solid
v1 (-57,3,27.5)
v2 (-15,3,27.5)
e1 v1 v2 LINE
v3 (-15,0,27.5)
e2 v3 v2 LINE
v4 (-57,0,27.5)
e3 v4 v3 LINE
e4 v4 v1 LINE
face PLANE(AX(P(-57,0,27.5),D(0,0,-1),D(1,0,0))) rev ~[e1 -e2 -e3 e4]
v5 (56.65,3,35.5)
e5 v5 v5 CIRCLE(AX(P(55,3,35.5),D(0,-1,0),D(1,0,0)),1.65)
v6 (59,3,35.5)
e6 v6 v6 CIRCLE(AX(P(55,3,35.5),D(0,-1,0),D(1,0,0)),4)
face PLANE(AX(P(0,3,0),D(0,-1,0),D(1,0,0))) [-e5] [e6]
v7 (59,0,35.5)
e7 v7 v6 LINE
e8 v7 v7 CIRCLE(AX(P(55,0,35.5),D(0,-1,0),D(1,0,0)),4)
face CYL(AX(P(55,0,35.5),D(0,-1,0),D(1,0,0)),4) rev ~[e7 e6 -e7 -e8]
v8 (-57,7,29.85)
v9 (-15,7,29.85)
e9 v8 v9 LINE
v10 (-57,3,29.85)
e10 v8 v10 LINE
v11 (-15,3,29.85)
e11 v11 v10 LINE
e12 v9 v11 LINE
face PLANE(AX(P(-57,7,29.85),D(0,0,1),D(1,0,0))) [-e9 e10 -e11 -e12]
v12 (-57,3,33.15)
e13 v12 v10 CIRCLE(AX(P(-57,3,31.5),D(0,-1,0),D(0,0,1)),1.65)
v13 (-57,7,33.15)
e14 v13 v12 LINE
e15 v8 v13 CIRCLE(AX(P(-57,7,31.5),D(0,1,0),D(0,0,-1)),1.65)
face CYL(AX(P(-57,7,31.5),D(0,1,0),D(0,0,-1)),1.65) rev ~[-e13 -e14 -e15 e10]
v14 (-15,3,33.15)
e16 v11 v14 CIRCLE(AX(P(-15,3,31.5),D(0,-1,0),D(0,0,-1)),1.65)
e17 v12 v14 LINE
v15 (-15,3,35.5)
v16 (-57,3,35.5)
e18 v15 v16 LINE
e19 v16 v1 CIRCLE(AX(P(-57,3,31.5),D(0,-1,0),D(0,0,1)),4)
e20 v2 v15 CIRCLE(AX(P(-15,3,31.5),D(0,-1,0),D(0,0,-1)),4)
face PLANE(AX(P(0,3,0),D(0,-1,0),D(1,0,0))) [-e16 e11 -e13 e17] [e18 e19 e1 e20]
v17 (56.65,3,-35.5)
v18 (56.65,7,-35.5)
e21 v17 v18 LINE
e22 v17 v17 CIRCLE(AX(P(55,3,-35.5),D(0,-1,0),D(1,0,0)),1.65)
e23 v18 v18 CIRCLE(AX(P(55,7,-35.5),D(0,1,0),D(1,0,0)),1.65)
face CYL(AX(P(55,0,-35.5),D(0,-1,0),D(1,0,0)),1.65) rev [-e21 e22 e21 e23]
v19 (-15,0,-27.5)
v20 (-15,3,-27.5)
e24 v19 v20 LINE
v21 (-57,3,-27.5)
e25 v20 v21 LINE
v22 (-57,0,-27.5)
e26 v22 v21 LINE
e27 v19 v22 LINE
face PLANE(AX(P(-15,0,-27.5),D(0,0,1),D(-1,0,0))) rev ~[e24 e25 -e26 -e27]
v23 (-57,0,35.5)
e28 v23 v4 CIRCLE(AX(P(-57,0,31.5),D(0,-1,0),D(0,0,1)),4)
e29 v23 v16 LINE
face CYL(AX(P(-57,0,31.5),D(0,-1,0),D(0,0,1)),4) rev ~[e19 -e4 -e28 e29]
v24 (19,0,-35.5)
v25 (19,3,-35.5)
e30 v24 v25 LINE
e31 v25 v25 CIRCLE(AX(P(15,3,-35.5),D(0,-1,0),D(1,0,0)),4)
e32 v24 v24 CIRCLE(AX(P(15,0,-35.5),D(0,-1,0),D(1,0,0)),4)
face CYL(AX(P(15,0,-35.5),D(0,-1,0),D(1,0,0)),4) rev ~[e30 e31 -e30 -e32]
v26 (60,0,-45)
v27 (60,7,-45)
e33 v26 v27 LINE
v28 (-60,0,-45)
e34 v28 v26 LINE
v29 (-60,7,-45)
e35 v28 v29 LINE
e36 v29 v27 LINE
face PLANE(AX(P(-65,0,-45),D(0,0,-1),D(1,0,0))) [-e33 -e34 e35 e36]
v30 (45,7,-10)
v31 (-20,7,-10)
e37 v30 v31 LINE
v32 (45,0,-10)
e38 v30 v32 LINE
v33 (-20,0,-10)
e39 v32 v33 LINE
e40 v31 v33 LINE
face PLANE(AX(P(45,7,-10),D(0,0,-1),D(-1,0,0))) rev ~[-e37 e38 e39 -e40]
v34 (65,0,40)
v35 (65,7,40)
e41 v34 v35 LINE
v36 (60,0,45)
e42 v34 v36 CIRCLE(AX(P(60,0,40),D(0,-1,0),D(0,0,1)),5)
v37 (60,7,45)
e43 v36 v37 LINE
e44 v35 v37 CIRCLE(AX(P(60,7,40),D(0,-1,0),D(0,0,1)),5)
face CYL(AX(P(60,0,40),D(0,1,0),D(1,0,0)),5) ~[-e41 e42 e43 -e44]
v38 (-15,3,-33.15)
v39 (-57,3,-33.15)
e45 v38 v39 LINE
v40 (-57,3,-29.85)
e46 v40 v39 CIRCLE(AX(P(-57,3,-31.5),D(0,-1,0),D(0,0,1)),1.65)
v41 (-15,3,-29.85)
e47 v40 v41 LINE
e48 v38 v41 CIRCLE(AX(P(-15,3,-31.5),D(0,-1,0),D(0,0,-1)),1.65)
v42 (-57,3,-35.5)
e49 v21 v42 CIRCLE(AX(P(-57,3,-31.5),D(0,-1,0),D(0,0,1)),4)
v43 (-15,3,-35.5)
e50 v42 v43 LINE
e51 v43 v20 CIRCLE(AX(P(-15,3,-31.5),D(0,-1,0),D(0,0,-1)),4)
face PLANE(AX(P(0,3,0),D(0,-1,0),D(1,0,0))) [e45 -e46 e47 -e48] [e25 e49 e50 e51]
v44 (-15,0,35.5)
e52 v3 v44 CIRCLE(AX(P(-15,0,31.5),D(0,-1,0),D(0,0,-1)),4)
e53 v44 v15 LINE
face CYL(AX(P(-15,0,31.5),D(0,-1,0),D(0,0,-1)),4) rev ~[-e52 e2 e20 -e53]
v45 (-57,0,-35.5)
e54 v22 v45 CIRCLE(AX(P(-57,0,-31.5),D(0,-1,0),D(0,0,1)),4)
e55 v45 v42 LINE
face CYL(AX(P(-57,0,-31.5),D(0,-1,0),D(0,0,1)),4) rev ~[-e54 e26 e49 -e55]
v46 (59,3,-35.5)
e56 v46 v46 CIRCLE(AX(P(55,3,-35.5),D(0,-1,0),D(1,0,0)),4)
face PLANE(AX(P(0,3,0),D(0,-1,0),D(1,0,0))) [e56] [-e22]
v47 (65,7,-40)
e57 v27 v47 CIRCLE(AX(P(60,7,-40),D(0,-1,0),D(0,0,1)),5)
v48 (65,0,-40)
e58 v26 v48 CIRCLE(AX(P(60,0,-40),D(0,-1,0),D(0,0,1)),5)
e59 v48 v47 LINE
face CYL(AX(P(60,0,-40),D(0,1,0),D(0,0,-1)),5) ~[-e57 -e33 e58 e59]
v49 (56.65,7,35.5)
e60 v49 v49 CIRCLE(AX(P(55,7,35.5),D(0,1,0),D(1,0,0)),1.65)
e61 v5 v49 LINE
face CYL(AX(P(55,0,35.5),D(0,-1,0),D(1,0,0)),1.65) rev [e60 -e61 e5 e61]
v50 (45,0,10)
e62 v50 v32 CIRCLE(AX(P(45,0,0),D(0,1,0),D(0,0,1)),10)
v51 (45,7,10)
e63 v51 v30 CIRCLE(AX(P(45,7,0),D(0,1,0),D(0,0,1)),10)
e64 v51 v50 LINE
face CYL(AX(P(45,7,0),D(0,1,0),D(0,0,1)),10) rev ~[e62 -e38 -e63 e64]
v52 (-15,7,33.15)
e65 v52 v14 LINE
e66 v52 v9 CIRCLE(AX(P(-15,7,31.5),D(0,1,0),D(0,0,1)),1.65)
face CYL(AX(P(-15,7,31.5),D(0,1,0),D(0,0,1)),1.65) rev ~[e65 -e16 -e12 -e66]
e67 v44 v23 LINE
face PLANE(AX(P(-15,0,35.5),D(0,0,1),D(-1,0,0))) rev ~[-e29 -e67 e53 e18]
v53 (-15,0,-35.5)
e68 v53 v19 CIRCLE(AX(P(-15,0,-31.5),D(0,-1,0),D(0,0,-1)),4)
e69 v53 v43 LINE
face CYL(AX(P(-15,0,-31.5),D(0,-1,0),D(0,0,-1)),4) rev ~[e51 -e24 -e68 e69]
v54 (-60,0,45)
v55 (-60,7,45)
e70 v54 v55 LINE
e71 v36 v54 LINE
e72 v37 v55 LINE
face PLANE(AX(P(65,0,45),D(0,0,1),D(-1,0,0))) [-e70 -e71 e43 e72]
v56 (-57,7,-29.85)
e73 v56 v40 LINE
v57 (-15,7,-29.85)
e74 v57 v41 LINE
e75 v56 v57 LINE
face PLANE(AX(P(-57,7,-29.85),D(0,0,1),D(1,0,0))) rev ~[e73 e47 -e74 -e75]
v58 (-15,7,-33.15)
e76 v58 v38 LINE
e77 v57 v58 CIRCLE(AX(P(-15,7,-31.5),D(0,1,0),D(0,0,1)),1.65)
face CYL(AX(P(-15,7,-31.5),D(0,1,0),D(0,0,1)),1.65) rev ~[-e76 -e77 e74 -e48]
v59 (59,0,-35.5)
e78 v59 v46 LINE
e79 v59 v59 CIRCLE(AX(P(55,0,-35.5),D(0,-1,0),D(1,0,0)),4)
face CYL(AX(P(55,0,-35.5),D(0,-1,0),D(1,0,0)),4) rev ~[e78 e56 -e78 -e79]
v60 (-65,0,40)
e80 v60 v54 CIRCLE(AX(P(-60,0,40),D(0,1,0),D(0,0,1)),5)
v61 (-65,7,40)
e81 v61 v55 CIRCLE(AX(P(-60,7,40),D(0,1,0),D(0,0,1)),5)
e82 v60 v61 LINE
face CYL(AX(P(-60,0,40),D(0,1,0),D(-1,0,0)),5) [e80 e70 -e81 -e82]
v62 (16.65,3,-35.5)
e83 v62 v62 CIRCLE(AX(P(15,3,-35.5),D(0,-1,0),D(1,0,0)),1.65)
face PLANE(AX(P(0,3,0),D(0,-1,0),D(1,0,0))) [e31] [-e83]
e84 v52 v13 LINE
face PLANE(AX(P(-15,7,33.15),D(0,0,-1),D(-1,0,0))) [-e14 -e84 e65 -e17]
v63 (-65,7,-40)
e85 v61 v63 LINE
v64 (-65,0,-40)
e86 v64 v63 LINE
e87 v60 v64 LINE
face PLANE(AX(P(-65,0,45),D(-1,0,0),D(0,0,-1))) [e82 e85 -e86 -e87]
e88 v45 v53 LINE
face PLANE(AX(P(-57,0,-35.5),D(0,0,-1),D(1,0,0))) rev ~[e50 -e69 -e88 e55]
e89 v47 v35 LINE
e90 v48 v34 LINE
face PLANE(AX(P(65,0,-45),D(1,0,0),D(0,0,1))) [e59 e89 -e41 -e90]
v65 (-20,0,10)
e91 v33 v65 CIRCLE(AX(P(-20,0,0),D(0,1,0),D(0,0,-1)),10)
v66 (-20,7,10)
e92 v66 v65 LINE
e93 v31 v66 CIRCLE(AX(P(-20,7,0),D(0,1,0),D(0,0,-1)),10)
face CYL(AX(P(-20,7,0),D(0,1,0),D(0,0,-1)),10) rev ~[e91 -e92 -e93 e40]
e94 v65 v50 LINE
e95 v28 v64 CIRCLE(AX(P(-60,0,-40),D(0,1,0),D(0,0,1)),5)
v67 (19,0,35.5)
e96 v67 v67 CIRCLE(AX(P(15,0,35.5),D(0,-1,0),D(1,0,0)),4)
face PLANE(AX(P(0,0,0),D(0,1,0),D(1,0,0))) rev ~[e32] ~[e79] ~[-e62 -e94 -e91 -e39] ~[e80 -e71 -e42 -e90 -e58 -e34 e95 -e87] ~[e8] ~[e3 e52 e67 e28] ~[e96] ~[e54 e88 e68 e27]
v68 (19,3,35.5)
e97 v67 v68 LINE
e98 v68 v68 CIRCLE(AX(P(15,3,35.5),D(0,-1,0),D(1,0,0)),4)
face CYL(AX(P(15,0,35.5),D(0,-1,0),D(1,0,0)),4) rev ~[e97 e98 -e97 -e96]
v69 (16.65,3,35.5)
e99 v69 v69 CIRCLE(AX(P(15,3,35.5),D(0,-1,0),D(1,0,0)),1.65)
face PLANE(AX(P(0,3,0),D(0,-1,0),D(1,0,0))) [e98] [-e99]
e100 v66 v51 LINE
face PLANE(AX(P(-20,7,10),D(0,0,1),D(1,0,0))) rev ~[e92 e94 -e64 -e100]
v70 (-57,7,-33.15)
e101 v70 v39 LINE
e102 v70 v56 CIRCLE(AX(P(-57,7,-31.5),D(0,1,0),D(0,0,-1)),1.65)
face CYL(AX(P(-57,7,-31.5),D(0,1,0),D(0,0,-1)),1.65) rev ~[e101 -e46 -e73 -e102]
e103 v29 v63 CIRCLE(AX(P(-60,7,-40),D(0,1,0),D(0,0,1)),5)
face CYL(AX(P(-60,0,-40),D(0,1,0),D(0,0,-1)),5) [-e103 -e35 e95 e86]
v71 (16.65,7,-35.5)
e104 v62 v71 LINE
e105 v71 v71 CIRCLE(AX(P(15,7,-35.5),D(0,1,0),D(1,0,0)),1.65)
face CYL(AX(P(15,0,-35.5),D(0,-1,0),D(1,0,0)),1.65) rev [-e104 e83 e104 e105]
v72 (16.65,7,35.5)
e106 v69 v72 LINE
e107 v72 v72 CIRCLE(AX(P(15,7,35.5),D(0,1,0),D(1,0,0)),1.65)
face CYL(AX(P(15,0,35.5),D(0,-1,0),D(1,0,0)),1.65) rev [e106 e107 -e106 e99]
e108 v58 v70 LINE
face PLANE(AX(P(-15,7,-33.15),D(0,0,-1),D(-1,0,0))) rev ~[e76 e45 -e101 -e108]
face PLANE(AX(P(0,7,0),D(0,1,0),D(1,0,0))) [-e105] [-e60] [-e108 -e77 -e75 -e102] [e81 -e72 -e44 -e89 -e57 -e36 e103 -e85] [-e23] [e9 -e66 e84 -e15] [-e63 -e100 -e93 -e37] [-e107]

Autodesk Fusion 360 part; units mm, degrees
sketch "Sketch1" plane through (0, 0, 0) normal (0, 1, 0) x (1, 0, 0)
  line L0 (-65, 45) -> (65, 45)
  line L1 (65, 45) -> (65, -45)
  line L2 (65, -45) -> (-65, -45)
  line L3 (-65, -45) -> (-65, 45)
  circle A0 centre (55, 35.5) radius 1.65
  circle A1 centre (15, 35.5) radius 1.65
  circle A2 centre (55, -35.5) radius 1.65
  circle A3 centre (15, -35.5) radius 1.65
  dimension "d4" = 65
  dimension "d5" = 45
  dimension "d8" = 90
  dimension "d9" = 130
  dimension "d10" = 3.3
  dimension "d12" = 10
  dimension "d13" = 9.5
  dimension "d16" = -40
  dimension "d17" = -71
extrude "Extrude1" add sketch "Sketch1" along normal blind 7
sketch "Sketch2" plane through (0, 7, 0) normal (0, 1, 0) x (-1, 0, 0)
  circle A0 centre (-55, 35.5) radius 1.65
  circle A1 centre (-15, 35.5) radius 1.65
  circle A2 centre (-15, -35.5) radius 1.65
  circle A3 centre (-55, -35.5) radius 1.65
  line L0 (65, 45) -> (-65, 45)
  line L1 (-65, 45) -> (-65, -45)
  line L2 (-65, -45) -> (65, -45)
  line L3 (65, -45) -> (65, 45)
  line L4 (-45, -10) -> (20, -10)
  arc A4 (20, -10) -> (20, 10) centre (20, 0) ccw
  line L5 (20, 10) -> (-45, 10)
  arc A5 (-45, 10) -> (-45, -10) centre (-45, 0) ccw
  line L6 (-45, 0) -> (20, 0) construction
  dimension "d18" = 65
  dimension "d19" = 20
  dimension "d20" = 10
  dimension "d22" = 45
extrude "Extrude2" cut sketch "Sketch2" against normal up to surface (7 mm away) contours L4 A4 L5 A5
fillet "Fillet1" radius 5 4 edges at (65, 3.5, 45) (-65, 3.5, 45) (-65, 3.5, -45) (65, 3.5, -45)
sketch "Sketch3" plane through (0, 7, 0) normal (0, 1, 0) x (-1, 0, 0)
  arc A0 (-65, -40) -> (-60, -45) centre (-60, -40) ccw
  line L0 (-60, -45) -> (60, -45)
  arc A1 (60, -45) -> (65, -40) centre (60, -40) ccw
  line L1 (65, -40) -> (65, 40)
  arc A2 (65, 40) -> (60, 45) centre (60, 40) ccw
  line L2 (60, 45) -> (-60, 45)
  arc A3 (-60, 45) -> (-65, 40) centre (-60, 40) ccw
  line L3 (-65, 40) -> (-65, -40)
  line L4 (-45, 10) -> (20, 10)
  arc A4 (20, -10) -> (20, 10) centre (20, 0) ccw
  line L5 (20, -10) -> (-45, -10)
  arc A5 (-45, 10) -> (-45, -10) centre (-45, 0) ccw
  circle A6 centre (-55, 35.5) radius 1.65
  circle A7 centre (-15, 35.5) radius 1.65
  circle A8 centre (-15, -35.5) radius 1.65
  circle A9 centre (-55, -35.5) radius 1.65
  line L6 (57, -29.85) -> (15, -29.85)
  arc A10 (15, -29.85) -> (15, -33.15) centre (15, -31.5) ccw
  line L7 (15, -33.15) -> (57, -33.15)
  arc A11 (57, -33.15) -> (57, -29.85) centre (57, -31.5) ccw
  line L8 (57, -31.5) -> (15, -31.5) construction
  line L9 (0, 0) -> (102, 0) construction
  arc A12 (15, 33.15) -> (15, 29.85) centre (15, 31.5) ccw
  line L10 (15, 33.15) -> (57, 33.15)
  line L11 (57, 29.85) -> (15, 29.85)
  arc A13 (57, 29.85) -> (57, 33.15) centre (57, 31.5) ccw
  dimension "d26" = 3.3
  dimension "d27" = 8
  dimension "d28" = 42
  dimension "d30" = 31.5
extrude "Extrude3" cut sketch "Sketch3" against normal up to surface (7 mm away) contours L6 A10 L7 A11 | A12 L10 L11 A13
sketch "Sketch4" plane through (0, 0, 0) normal (0, -1, 0) x (1, 0, 0)
  line L0 (-15, -33.15) -> (-57, -33.15)
  arc A0 (-57, -29.85) -> (-57, -33.15) centre (-57, -31.5) ccw
  line L1 (-57, -29.85) -> (-15, -29.85)
  arc A1 (-15, -33.15) -> (-15, -29.85) centre (-15, -31.5) ccw
  line L2 (-57, 33.15) -> (-15, 33.15)
  arc A2 (-15, 29.85) -> (-15, 33.15) centre (-15, 31.5) ccw
  line L3 (-15, 29.85) -> (-57, 29.85)
  arc A3 (-57, 33.15) -> (-57, 29.85) centre (-57, 31.5) ccw
  line L4 (-20, 10) -> (45, 10)
  arc A4 (45, -10) -> (45, 10) centre (45, 0) ccw
  line L5 (45, -10) -> (-20, -10)
  arc A5 (-20, 10) -> (-20, -10) centre (-20, 0) ccw
  circle A6 centre (55, 35.5) radius 1.65
  circle A7 centre (15, 35.5) radius 1.65
  circle A8 centre (15, -35.5) radius 1.65
  circle A9 centre (55, -35.5) radius 1.65
  arc A10 (60, -45) -> (65, -40) centre (60, -40) ccw
  line L6 (65, -40) -> (65, 40)
  arc A11 (65, 40) -> (60, 45) centre (60, 40) ccw
  line L7 (60, 45) -> (-60, 45)
  arc A12 (-60, 45) -> (-65, 40) centre (-60, 40) ccw
  line L8 (-65, 40) -> (-65, -40)
  arc A13 (-65, -40) -> (-60, -45) centre (-60, -40) ccw
  line L9 (-60, -45) -> (60, -45)
  circle A14 centre (55, 35.5) radius 4
  circle A15 centre (55, -35.5) radius 4
  circle A16 centre (15, 35.5) radius 4
  circle A17 centre (15, -35.5) radius 4
  line L10 (-57, 27.5) -> (-15, 27.5)
  arc A18 (-15, 27.5) -> (-15, 35.5) centre (-15, 31.5) ccw
  line L11 (-15, 35.5) -> (-57, 35.5)
  arc A19 (-57, 35.5) -> (-57, 27.5) centre (-57, 31.5) ccw
  line L12 (-57, 31.5) -> (-15, 31.5) construction
  line L13 (-57, -35.5) -> (-15, -35.5)
  arc A20 (-15, -35.5) -> (-15, -27.5) centre (-15, -31.5) ccw
  line L14 (-15, -27.5) -> (-57, -27.5)
  arc A21 (-57, -27.5) -> (-57, -35.5) centre (-57, -31.5) ccw
  line L15 (-57, -31.5) -> (-15, -31.5) construction
  dimension "d33" = 8
  dimension "d34" = 8
  dimension "d35" = 8
  dimension "d36" = 8
  dimension "d37" = 8
  dimension "d38" = 8
extrude "Extrude4" cut sketch "Sketch4" against normal blind 3 contours A14 | A15 | A16 | A17 | L10 A18 L11 A19 | L13 A20 L14 A21
equation "length = 130 mm"
equation "width = 90 mm"
equation "thickness = 7 mm"
equation "d4 = length / 2"
equation "d5 = width / 2"
equation "d6 = thickness"
equation "d8 = width"
equation "d9 = length"
equation "d10 = d11"
equation "d11 = 3.3 mm"
equation "d13 = ( width - 71 mm ) / 2"
equation "d22 = width / 2"
equation "d30 = ( 63 / 2 ) * 1 mm"
